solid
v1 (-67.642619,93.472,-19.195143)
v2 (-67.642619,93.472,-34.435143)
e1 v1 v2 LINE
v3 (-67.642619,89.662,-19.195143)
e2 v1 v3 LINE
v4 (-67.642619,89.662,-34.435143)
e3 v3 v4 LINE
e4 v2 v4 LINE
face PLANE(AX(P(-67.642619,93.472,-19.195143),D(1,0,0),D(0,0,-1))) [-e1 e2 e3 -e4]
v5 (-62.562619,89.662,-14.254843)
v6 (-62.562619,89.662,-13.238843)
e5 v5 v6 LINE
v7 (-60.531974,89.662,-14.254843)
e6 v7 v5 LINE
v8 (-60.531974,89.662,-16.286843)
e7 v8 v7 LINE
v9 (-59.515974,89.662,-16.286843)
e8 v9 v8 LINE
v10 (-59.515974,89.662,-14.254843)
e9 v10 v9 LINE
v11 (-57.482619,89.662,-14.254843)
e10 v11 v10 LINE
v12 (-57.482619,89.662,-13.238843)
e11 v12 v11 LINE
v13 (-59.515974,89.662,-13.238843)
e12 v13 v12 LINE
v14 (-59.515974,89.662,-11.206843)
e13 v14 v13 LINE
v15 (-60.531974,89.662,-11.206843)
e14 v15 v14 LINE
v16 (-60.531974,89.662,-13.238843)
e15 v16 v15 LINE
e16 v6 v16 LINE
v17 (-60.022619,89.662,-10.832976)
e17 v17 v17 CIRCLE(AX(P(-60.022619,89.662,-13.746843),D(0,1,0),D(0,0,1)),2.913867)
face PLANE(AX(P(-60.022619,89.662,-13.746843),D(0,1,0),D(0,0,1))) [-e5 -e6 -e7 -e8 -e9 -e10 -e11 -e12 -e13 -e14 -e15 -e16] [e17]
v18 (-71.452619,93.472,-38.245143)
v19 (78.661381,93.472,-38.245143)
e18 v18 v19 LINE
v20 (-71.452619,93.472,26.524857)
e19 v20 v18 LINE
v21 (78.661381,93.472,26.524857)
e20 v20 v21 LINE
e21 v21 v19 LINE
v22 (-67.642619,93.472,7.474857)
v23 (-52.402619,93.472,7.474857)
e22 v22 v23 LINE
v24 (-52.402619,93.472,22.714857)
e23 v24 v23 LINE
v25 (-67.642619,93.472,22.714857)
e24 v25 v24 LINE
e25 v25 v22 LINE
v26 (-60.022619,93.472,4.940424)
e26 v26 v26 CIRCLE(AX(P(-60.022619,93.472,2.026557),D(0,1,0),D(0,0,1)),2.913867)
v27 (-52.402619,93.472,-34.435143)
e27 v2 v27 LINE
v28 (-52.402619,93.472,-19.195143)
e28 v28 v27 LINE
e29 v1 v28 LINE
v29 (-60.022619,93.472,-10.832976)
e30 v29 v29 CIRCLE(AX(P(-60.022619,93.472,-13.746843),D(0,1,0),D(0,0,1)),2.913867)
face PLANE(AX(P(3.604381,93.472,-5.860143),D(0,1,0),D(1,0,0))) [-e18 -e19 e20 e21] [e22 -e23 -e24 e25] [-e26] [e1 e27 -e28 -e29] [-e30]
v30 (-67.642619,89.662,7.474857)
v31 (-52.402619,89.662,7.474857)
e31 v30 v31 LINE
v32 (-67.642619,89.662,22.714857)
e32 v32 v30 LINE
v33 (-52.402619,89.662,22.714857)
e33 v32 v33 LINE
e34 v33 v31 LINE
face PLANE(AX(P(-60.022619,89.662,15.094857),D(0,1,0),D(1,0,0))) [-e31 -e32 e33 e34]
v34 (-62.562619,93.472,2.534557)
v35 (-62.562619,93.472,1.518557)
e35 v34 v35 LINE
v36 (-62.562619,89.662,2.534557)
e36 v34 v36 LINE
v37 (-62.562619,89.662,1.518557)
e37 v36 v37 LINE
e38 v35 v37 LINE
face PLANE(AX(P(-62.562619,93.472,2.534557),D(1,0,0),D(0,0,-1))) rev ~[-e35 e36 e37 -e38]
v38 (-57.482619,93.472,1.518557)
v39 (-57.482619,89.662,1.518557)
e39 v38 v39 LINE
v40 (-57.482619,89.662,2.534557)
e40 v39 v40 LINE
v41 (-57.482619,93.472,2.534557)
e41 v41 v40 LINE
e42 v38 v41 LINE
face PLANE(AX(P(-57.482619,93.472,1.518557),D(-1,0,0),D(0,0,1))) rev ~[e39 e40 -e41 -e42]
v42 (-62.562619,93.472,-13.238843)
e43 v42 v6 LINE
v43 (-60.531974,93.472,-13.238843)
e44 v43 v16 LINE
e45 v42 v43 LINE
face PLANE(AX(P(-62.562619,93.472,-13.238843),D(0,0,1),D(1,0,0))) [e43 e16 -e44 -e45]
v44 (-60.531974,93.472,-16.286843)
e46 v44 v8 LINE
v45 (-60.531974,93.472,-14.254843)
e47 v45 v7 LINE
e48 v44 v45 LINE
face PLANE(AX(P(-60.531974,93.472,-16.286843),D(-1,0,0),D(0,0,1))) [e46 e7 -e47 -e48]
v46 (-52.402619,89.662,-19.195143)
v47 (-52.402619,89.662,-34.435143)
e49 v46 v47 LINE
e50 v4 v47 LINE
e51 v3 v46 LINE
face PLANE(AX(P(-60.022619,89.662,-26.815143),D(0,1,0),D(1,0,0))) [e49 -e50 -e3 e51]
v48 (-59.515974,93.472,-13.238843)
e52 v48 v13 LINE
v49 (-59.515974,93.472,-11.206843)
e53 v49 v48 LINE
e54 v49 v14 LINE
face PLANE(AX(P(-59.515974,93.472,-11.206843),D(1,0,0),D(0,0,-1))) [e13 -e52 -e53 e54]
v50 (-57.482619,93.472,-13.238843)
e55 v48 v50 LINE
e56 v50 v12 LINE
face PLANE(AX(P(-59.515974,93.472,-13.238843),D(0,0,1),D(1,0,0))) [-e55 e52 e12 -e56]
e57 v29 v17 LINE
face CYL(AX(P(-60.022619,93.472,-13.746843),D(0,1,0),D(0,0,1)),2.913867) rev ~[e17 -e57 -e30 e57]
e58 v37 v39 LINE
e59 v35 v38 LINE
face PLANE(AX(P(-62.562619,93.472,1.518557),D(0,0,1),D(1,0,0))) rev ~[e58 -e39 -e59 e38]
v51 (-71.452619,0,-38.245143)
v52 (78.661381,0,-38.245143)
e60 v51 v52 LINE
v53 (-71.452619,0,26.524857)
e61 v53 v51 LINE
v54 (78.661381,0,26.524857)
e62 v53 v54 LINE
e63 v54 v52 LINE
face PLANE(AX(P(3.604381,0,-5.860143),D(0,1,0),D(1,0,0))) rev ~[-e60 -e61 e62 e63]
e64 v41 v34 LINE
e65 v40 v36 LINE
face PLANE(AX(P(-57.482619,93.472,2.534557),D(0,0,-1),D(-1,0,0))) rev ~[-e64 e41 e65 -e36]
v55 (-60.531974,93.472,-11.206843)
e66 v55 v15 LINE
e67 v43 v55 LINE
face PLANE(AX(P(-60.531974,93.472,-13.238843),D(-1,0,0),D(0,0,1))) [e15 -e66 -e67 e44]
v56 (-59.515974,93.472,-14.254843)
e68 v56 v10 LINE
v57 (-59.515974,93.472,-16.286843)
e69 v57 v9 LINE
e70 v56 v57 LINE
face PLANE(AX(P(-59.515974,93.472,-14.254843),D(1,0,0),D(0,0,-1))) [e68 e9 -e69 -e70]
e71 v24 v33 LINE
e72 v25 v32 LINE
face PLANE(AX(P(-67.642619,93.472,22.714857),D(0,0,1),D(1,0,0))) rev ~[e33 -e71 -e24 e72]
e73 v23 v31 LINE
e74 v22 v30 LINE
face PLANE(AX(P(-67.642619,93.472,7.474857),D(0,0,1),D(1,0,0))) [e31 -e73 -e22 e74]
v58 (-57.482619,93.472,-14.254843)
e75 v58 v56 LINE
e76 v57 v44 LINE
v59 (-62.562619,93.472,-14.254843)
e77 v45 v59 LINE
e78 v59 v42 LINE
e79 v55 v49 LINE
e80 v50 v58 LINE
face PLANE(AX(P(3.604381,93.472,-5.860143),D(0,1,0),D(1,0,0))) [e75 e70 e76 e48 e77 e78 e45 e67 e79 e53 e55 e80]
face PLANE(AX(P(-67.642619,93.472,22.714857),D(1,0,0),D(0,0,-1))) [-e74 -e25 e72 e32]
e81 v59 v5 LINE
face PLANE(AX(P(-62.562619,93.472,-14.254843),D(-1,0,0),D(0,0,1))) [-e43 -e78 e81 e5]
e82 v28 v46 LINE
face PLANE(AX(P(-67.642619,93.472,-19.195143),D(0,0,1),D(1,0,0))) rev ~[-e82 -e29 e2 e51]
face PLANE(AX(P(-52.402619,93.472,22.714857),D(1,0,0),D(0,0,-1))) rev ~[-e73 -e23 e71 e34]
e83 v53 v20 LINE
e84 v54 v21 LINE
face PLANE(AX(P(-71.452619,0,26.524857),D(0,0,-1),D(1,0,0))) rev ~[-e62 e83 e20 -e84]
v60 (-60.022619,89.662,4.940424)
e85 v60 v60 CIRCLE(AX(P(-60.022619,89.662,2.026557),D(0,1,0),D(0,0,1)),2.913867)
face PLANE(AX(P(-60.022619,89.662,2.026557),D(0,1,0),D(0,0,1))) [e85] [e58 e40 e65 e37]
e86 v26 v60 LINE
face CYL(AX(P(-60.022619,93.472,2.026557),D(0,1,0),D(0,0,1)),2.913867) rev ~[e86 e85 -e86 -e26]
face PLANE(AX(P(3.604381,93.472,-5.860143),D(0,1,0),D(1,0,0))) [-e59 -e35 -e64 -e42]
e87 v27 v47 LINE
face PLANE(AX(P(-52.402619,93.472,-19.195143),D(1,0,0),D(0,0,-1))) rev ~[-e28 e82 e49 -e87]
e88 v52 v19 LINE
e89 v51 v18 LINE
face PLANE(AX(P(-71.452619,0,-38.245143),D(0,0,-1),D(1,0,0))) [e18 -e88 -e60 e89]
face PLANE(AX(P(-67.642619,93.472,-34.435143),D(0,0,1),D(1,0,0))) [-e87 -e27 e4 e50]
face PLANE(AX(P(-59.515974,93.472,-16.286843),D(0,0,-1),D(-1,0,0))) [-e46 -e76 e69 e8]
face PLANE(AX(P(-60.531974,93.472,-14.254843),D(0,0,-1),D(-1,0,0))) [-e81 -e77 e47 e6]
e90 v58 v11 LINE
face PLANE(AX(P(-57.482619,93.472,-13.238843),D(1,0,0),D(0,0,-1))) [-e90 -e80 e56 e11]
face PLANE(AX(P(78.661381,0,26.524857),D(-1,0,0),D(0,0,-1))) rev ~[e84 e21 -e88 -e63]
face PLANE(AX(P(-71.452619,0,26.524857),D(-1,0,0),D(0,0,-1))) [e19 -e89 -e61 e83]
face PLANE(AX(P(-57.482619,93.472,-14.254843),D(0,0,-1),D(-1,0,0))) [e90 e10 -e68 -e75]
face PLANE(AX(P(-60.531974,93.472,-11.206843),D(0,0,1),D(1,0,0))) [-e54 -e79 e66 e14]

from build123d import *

# Parameters (mm, degrees)
SKETCH1_W           = 150.114
SKETCH1_H           = 64.77
BOSS_EXTRUDE1_DEPTH = 93.472
SKETCH2_R           = 2.91386686
SKETCH2_W           = 15.24
SKETCH2_H           = 15.24
CUT_EXTRUDE1_DEPTH  = 3.81


with BuildPart() as part:
    # Sketch1 → Boss-Extrude1 (new body)
    with BuildSketch(Plane(origin=(0, 0, 0), x_dir=(1, 0, 0), z_dir=(0, 1, 0))):
        with Locations((3.604380952, 5.860142857)):
            Rectangle(SKETCH1_W, SKETCH1_H)
    extrude(amount=BOSS_EXTRUDE1_DEPTH)

    # Sketch2 → Cut-Extrude1 (cut)
    # profile 1 of 4: a face of its own
    with BuildSketch(Plane(origin=(0, 93.472, 0), x_dir=(1, 0, 0), z_dir=(0, 1, 0))):
        with Locations(Location((-60.022619048, -2.026557143, 0), (0, 0, 270))):
            Circle(SKETCH2_R)
        Polygon((-60.022619048, -1.518557143), (-57.482619048, -1.518557143), (-57.482619048, -2.534557143), (-62.562619048, -2.534557143), (-62.562619048, -1.518557143), align=None, mode=Mode.SUBTRACT)
    # profile 2 of 4: a face of its own
    with BuildSketch(Plane(origin=(0, 93.472, 0), x_dir=(1, 0, 0), z_dir=(0, 1, 0))):
        with Locations(Location((-60.022619048, 13.746842857, 0), (0, 0, 270))):
            Circle(SKETCH2_R)
        Polygon((-57.482619048, 13.238842857), (-57.482619048, 14.254842857), (-59.515974161, 14.254842857), (-59.515974161, 16.286842857), (-60.531974161, 16.286842857), (-60.531974161, 14.254842857), (-62.562619048, 14.254842857), (-62.562619048, 13.238842857), (-60.531974161, 13.238842857), (-60.531974161, 11.206842857), (-59.515974161, 11.206842857), (-59.515974161, 13.238842857), align=None, mode=Mode.SUBTRACT)
    # profile 3 of 4: a face of its own
    with BuildSketch(Plane(origin=(0, 93.472, 0), x_dir=(1, 0, 0), z_dir=(0, 1, 0))):
        with Locations((-60.022619048, -15.094857143)):
            Rectangle(SKETCH2_W, SKETCH2_H)
    # profile 4 of 4: a face of its own
    with BuildSketch(Plane(origin=(0, 93.472, 0), x_dir=(1, 0, 0), z_dir=(0, 1, 0))):
        with Locations((-60.022619048, 26.815142857)):
            Rectangle(SKETCH2_W, SKETCH2_H)
    extrude(amount=-CUT_EXTRUDE1_DEPTH, mode=Mode.SUBTRACT)


solid = part.part
